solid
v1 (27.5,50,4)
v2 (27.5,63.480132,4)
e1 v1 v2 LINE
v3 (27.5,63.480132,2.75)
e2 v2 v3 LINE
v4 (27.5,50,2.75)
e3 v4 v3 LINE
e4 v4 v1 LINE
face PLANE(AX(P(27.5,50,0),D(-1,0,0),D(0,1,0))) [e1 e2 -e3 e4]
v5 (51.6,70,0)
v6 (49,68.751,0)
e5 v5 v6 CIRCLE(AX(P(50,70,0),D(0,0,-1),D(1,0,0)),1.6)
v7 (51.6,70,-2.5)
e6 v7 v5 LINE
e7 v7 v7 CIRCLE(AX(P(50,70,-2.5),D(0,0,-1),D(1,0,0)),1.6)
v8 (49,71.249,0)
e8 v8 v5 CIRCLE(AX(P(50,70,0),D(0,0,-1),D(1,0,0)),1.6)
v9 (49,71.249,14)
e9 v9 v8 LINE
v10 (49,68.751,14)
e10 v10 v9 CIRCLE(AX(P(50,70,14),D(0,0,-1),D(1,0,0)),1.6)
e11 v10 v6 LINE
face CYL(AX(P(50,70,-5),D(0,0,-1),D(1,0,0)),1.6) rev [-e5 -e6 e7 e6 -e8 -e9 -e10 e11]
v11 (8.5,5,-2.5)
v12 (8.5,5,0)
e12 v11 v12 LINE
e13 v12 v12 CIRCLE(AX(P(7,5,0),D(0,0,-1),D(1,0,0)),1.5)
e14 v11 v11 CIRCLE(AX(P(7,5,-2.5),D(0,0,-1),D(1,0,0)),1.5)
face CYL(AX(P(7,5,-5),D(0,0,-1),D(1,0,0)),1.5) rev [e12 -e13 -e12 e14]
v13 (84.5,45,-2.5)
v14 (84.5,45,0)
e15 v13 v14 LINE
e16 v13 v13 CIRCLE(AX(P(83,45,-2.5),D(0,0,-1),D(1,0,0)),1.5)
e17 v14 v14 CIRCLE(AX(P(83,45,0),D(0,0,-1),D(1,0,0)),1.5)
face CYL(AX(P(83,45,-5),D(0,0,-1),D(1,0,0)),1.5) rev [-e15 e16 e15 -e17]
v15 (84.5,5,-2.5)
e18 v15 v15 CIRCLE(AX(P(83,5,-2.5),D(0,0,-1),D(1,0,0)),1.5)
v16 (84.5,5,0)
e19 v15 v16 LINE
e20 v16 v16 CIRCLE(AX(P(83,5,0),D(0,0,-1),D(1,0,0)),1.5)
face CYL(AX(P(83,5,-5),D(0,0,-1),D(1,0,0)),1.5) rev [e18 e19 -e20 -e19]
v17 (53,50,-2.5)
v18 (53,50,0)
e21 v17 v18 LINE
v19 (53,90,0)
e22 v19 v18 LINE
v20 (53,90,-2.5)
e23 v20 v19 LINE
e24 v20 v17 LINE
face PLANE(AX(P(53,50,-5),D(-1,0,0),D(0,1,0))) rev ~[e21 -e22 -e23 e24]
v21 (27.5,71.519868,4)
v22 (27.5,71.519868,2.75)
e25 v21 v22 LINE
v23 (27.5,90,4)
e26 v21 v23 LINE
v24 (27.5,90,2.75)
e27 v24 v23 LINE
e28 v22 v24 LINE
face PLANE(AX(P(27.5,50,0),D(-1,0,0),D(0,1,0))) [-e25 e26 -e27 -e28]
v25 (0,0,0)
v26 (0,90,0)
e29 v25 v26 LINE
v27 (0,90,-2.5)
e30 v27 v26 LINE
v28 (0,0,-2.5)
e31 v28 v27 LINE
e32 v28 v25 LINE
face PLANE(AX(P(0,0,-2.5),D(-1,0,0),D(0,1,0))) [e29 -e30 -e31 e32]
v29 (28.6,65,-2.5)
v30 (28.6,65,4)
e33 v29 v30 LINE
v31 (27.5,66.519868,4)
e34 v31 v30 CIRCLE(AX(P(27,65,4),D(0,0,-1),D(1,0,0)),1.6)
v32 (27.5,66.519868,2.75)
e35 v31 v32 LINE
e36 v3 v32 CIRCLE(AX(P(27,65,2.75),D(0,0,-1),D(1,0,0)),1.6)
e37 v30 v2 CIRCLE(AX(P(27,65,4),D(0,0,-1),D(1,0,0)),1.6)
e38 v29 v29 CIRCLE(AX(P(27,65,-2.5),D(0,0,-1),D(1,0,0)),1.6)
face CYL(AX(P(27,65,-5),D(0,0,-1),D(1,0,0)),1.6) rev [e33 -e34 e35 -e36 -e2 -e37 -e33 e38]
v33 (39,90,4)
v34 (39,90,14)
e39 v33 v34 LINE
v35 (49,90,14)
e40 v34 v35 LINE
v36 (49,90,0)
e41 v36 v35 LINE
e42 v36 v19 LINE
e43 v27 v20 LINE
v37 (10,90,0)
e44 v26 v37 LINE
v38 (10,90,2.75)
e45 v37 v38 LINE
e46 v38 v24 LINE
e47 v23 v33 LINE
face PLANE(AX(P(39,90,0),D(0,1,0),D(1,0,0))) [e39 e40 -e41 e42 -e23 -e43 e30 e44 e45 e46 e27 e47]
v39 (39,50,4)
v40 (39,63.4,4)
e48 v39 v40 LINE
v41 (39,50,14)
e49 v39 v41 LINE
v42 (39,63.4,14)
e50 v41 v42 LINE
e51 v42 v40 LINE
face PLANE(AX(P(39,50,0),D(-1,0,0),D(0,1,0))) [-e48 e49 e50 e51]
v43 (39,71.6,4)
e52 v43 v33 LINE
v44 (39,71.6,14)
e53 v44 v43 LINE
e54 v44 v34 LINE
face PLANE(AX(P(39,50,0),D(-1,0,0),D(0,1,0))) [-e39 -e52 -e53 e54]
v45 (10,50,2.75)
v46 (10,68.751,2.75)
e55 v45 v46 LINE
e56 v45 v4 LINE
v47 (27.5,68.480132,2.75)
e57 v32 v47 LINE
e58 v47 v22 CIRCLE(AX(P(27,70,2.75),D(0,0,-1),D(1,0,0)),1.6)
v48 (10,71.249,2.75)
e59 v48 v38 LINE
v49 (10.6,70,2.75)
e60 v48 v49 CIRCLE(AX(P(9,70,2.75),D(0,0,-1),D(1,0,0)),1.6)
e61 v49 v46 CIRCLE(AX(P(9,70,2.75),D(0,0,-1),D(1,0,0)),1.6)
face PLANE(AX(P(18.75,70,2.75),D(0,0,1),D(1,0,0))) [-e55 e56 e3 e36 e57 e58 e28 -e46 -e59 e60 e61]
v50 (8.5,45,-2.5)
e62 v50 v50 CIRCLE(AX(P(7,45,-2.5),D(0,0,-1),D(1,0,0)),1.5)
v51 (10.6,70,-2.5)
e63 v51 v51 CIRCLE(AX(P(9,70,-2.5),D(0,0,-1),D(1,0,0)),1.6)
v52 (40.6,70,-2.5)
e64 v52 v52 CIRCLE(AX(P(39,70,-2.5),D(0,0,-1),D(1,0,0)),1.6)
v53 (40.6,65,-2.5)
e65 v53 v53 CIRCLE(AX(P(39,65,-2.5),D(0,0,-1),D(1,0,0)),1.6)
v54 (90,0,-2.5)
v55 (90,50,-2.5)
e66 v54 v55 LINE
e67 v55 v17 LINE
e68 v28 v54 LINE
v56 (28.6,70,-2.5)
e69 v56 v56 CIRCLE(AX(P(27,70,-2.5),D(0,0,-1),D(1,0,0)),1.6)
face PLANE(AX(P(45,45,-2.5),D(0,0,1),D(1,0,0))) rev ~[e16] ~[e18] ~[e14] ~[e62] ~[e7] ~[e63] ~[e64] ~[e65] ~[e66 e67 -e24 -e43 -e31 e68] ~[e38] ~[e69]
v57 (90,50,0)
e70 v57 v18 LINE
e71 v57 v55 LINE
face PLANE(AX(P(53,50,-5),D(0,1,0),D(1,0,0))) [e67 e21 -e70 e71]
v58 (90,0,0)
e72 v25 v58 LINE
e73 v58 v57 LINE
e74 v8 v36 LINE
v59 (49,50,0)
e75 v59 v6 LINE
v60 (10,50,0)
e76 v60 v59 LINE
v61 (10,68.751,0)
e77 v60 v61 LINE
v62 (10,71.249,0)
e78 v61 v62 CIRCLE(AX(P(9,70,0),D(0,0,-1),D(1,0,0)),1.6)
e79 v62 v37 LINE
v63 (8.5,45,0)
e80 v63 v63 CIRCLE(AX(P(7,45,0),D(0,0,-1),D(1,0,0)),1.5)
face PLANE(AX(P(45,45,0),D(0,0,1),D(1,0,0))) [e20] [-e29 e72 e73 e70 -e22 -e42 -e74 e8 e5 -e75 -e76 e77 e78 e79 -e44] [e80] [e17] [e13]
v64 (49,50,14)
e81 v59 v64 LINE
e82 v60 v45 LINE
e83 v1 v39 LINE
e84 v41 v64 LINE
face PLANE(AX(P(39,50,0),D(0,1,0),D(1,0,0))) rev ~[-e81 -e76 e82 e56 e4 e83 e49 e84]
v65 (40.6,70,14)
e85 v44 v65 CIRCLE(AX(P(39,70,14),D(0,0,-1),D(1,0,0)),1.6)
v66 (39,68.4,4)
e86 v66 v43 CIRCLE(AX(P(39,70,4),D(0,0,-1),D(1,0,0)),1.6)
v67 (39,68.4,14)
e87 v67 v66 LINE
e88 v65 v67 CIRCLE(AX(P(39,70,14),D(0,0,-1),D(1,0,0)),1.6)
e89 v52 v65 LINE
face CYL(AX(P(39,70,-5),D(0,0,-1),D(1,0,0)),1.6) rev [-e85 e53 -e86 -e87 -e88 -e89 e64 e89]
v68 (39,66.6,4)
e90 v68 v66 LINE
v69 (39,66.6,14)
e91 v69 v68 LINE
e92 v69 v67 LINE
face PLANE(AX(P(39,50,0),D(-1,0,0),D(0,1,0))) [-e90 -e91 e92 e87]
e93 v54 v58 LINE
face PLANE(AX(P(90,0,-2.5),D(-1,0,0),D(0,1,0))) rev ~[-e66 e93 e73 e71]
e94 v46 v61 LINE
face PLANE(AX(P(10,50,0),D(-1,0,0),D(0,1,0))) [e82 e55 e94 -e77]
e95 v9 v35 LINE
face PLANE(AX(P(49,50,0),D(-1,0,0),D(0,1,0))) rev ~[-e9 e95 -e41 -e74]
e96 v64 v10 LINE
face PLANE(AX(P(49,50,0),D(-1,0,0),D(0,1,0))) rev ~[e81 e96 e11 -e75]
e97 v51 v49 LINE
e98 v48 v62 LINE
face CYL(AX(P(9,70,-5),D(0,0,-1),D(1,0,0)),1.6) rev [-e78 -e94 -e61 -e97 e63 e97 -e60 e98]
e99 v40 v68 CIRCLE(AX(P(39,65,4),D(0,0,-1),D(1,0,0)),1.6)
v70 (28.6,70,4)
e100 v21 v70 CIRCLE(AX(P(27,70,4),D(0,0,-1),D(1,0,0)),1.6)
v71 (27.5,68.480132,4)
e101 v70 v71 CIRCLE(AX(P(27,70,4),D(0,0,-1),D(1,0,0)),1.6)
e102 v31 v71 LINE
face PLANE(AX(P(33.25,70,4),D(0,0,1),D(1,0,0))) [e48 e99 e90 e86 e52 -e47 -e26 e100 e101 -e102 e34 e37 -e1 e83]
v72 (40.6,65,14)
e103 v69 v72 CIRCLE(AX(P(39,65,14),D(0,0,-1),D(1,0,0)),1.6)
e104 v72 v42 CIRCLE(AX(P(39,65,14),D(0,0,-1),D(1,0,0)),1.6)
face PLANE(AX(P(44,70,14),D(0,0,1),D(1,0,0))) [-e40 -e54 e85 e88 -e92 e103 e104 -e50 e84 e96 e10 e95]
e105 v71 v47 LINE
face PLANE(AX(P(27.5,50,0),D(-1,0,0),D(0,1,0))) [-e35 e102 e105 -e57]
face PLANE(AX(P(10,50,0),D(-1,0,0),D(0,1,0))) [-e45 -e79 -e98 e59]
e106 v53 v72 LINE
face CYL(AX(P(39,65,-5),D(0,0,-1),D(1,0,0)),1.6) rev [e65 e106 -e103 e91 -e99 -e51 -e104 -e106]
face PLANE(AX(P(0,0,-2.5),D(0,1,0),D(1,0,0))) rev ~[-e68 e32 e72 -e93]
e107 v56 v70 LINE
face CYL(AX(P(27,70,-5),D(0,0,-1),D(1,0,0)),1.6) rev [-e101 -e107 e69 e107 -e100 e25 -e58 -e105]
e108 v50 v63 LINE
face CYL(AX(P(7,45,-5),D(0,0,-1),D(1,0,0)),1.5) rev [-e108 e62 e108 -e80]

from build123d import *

# Parameters (mm, degrees)
BOX004_W          = 40
BOX004_H          = 40
BOX004_DEPTH      = 10
CYLINDER009_R     = 1.6
CYLINDER009_DEPTH = 20
CYLINDER008_R     = 1.6
CYLINDER008_DEPTH = 20
CYLINDER007_R     = 1.6
CYLINDER007_DEPTH = 20
CYLINDER006_R     = 1.6
CYLINDER006_DEPTH = 10
CYLINDER005_R     = 1.6
CYLINDER005_DEPTH = 10
CYLINDER004_R     = 1.6
CYLINDER004_DEPTH = 10
BOX003_W          = 10
BOX003_H          = 40
BOX003_DEPTH      = 14
BOX002_W          = 11.5
BOX002_H          = 40
BOX002_DEPTH      = 4
BOX001_W          = 17.5
BOX001_H          = 40
BOX001_DEPTH      = 2.75
CYLINDER003_R     = 1.5
CYLINDER003_DEPTH = 10
CYLINDER002_R     = 1.5
CYLINDER002_DEPTH = 10
CYLINDER001_R     = 1.5
CYLINDER001_DEPTH = 10
CYLINDER_R        = 1.5
CYLINDER_DEPTH    = 10
BOX_W             = 90
BOX_H             = 90
BOX_DEPTH         = 2.5


with BuildPart() as cube004:
    # Box004 → Box004 (new body)
    with BuildSketch(Plane(origin=(53, 50, -5), x_dir=(1, 0, 0), z_dir=(0, 0, 1))):
        with Locations((20, 20)):
            Rectangle(BOX004_W, BOX004_H)
    extrude(amount=BOX004_DEPTH)


with BuildPart() as cylinder009:
    # Cylinder009 → Cylinder009 (new body)
    with BuildSketch(Plane(origin=(50, 70, -5), x_dir=(1, 0, 0), z_dir=(0, 0, 1))):
        Circle(CYLINDER009_R)
    extrude(amount=CYLINDER009_DEPTH)


with BuildPart() as cylinder008:
    # Cylinder008 → Cylinder008 (new body)
    with BuildSketch(Plane(origin=(39, 70, -5), x_dir=(1, 0, 0), z_dir=(0, 0, 1))):
        Circle(CYLINDER008_R)
    extrude(amount=CYLINDER008_DEPTH)


with BuildPart() as cylinder007:
    # Cylinder007 → Cylinder007 (new body)
    with BuildSketch(Plane(origin=(39, 65, -5), x_dir=(1, 0, 0), z_dir=(0, 0, 1))):
        Circle(CYLINDER007_R)
    extrude(amount=CYLINDER007_DEPTH)


with BuildPart() as cylinder006:
    # Cylinder006 → Cylinder006 (new body)
    with BuildSketch(Plane(origin=(27, 65, -5), x_dir=(1, 0, 0), z_dir=(0, 0, 1))):
        Circle(CYLINDER006_R)
    extrude(amount=CYLINDER006_DEPTH)


with BuildPart() as cylinder005:
    # Cylinder005 → Cylinder005 (new body)
    with BuildSketch(Plane(origin=(27, 70, -5), x_dir=(1, 0, 0), z_dir=(0, 0, 1))):
        Circle(CYLINDER005_R)
    extrude(amount=CYLINDER005_DEPTH)


with BuildPart() as cylinder004:
    # Cylinder004 → Cylinder004 (new body)
    with BuildSketch(Plane(origin=(9, 70, -5), x_dir=(1, 0, 0), z_dir=(0, 0, 1))):
        Circle(CYLINDER004_R)
    extrude(amount=CYLINDER004_DEPTH)


with BuildPart() as cube003:
    # Box003 → Box003 (new body)
    with BuildSketch(Plane(origin=(39, 50, 0), x_dir=(1, 0, 0), z_dir=(0, 0, 1))):
        with Locations((5, 20)):
            Rectangle(BOX003_W, BOX003_H)
    extrude(amount=BOX003_DEPTH)


with BuildPart() as cube002:
    # Box002 → Box002 (new body)
    with BuildSketch(Plane(origin=(27.5, 50, 0), x_dir=(1, 0, 0), z_dir=(0, 0, 1))):
        with Locations((5.75, 20)):
            Rectangle(BOX002_W, BOX002_H)
    extrude(amount=BOX002_DEPTH)


with BuildPart() as cube001:
    # Box001 → Box001 (new body)
    with BuildSketch(Plane(origin=(10, 50, 0), x_dir=(1, 0, 0), z_dir=(0, 0, 1))):
        with Locations((8.75, 20)):
            Rectangle(BOX001_W, BOX001_H)
    extrude(amount=BOX001_DEPTH)


with BuildPart() as cylinder003:
    # Cylinder003 → Cylinder003 (new body)
    with BuildSketch(Plane(origin=(83, 45, -5), x_dir=(1, 0, 0), z_dir=(0, 0, 1))):
        Circle(CYLINDER003_R)
    extrude(amount=CYLINDER003_DEPTH)


with BuildPart() as cylinder002:
    # Cylinder002 → Cylinder002 (new body)
    with BuildSketch(Plane(origin=(83, 5, -5), x_dir=(1, 0, 0), z_dir=(0, 0, 1))):
        Circle(CYLINDER002_R)
    extrude(amount=CYLINDER002_DEPTH)


with BuildPart() as cylinder001:
    # Cylinder001 → Cylinder001 (new body)
    with BuildSketch(Plane(origin=(7, 45, -5), x_dir=(1, 0, 0), z_dir=(0, 0, 1))):
        Circle(CYLINDER001_R)
    extrude(amount=CYLINDER001_DEPTH)


with BuildPart() as cylinder:
    # Cylinder → Cylinder (new body)
    with BuildSketch(Plane(origin=(7, 5, -5), x_dir=(1, 0, 0), z_dir=(0, 0, 1))):
        Circle(CYLINDER_R)
    extrude(amount=CYLINDER_DEPTH)


with BuildPart() as cut010:
    # Box → Box (new body)
    with BuildSketch(Plane.XY.offset(-2.5)):
        with Locations((45, 45)):
            Rectangle(BOX_W, BOX_H)
    extrude(amount=BOX_DEPTH)

    # Cut: cut Cylinder
    add(cylinder.part, mode=Mode.SUBTRACT)

    # Cut001: cut Cylinder001
    add(cylinder001.part, mode=Mode.SUBTRACT)

    # Cut002: cut Cylinder002
    add(cylinder002.part, mode=Mode.SUBTRACT)

    # Cut003: cut Cylinder003
    add(cylinder003.part, mode=Mode.SUBTRACT)

    # Fusion: union Cube001
    add(cube001.part)

    # Fusion001: union Cube002
    add(cube002.part)

    # Fusion002: union Cube003
    add(cube003.part)

    # Cut004: cut Cylinder004
    add(cylinder004.part, mode=Mode.SUBTRACT)

    # Cut005: cut Cylinder005
    add(cylinder005.part, mode=Mode.SUBTRACT)

    # Cut006: cut Cylinder006
    add(cylinder006.part, mode=Mode.SUBTRACT)

    # Cut007: cut Cylinder007
    add(cylinder007.part, mode=Mode.SUBTRACT)

    # Cut008: cut Cylinder008
    add(cylinder008.part, mode=Mode.SUBTRACT)

    # Cut009: cut Cylinder009
    add(cylinder009.part, mode=Mode.SUBTRACT)

    # Cut010: cut Cube004
    add(cube004.part, mode=Mode.SUBTRACT)


solid = cut010.part
